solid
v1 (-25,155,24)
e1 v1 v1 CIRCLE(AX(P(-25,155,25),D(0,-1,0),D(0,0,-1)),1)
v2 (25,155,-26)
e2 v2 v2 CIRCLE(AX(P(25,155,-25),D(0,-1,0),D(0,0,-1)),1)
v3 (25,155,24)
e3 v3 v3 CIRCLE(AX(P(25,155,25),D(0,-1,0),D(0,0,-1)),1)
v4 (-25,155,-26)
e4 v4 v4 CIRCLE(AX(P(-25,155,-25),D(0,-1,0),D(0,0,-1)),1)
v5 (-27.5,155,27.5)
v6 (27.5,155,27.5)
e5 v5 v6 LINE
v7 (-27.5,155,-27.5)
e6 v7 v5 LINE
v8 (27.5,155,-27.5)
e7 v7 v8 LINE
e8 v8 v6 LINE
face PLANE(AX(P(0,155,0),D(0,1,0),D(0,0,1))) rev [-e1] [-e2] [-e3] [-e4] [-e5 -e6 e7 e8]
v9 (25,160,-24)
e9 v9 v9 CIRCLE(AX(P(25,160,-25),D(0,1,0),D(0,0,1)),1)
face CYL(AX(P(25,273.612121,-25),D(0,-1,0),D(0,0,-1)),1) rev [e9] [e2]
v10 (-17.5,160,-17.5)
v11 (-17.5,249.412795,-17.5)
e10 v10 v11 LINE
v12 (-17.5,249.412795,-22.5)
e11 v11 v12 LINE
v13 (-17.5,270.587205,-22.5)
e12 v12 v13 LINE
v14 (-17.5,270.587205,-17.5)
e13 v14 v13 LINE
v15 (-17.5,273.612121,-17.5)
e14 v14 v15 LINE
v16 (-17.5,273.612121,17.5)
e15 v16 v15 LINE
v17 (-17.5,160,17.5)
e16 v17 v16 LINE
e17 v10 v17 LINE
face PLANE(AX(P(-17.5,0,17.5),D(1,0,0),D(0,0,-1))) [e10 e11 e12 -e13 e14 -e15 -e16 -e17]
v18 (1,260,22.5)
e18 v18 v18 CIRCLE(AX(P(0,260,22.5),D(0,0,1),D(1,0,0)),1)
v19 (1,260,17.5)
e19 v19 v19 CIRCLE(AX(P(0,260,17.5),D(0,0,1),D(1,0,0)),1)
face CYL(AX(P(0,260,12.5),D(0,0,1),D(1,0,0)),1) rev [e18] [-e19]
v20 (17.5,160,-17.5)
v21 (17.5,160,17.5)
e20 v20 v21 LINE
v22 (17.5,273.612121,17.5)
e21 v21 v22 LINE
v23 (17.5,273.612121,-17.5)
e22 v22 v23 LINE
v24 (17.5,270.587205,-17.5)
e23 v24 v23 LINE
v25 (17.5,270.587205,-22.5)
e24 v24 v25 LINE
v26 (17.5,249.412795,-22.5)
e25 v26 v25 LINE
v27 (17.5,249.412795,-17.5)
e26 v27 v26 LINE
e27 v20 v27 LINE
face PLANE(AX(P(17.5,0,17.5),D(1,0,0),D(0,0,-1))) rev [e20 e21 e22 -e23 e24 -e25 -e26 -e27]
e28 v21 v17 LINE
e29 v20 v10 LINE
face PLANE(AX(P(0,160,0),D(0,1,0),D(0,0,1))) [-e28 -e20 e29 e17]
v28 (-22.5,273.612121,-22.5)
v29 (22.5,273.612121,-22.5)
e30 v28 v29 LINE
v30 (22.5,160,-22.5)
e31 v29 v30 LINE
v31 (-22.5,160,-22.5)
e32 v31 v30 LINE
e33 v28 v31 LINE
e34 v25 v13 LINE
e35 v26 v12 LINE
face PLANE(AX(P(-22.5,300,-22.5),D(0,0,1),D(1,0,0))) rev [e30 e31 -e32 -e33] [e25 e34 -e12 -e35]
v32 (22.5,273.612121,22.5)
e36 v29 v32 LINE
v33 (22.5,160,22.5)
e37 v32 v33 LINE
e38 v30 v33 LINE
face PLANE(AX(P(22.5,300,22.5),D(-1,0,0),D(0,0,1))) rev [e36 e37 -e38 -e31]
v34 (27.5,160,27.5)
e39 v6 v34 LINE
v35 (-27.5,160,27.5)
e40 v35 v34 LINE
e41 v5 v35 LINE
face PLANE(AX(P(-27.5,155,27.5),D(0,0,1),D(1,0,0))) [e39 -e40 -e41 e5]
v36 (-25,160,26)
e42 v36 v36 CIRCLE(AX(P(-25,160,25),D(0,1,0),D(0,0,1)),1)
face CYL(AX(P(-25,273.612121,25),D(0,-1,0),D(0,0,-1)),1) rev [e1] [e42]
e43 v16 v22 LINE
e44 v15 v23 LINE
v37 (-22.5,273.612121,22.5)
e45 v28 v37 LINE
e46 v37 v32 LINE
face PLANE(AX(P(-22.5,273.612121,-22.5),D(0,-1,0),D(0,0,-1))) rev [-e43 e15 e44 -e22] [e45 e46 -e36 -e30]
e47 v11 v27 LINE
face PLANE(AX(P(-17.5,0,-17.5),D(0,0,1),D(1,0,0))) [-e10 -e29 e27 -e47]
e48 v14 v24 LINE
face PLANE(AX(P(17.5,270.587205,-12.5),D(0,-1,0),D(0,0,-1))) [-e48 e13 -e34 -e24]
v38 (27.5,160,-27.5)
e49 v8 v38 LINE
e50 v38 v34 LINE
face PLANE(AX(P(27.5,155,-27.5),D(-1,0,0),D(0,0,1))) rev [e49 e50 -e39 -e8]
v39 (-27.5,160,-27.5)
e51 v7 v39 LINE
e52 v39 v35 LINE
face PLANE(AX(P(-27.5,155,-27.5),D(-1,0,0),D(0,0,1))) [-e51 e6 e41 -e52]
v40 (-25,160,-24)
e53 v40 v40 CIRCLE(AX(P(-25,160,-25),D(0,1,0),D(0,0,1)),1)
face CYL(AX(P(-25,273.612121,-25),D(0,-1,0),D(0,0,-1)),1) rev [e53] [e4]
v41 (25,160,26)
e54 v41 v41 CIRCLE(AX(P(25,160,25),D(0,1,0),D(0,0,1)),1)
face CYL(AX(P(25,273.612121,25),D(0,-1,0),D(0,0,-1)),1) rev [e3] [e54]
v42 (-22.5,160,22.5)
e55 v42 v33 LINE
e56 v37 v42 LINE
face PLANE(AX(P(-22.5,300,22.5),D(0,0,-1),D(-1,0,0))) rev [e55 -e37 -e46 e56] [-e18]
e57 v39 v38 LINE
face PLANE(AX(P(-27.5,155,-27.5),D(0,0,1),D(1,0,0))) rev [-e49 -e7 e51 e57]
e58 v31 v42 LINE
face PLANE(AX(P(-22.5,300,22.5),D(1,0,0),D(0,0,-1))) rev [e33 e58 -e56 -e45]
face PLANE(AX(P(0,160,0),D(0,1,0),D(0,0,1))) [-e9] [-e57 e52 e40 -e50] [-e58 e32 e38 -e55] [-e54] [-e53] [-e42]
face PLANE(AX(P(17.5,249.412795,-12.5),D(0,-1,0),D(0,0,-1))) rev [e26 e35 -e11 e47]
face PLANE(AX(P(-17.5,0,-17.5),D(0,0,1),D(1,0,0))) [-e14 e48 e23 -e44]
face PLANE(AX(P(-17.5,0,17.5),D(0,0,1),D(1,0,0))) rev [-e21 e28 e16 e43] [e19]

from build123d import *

# Parameters (mm, degrees)
CROQUIS1_W                 = 45
CROQUIS1_H                 = 45
SALIENTE_EXTRUIR1_DEPTH    = 300
CROQUIS4_W                 = 18
CROQUIS4_H                 = 34
CORTAR_EXTRUIR2_DEPTH      = 46
CROQUIS8_W                 = 35
CROQUIS8_H                 = 35
CORTAR_EXTRUIR3_DEPTH      = 301
CROQUIS9_W                 = 35
CROQUIS9_H                 = 21.174410022
CORTAR_EXTRUIR4_DEPTH      = 10
CROQUIS10_R                = 1
CORTAR_EXTRUIR5_DEPTH      = 10
CROQUIS11_W                = 45
CROQUIS11_H                = 26.387879272
CORTAR_EXTRUIR6_DEPTH      = 46
CROQUIS13_W                = 45
CROQUIS13_H                = 160
CORTAR_EXTRUIR7_DEPTH      = 23.5
CORTAR_EXTRUIR7_DEPTH_BACK = 23.5
CROQUIS14_W                = 55
CROQUIS14_H                = 55
SALIENTE_EXTRUIR2_DEPTH    = 5
CROQUIS16_R                = 1
CORTAR_EXTRUIR8_DEPTH      = 1
CORTAR_EXTRUIR8_DEPTH_BACK = 119.612120728


with BuildPart() as part:
    # Croquis1 → Saliente-Extruir1 (new body)
    with BuildSketch(Plane(origin=(0, 0, 0), x_dir=(1, 0, 0), z_dir=(0, 1, 0))):
        Rectangle(CROQUIS1_W, CROQUIS1_H)
    extrude(amount=SALIENTE_EXTRUIR1_DEPTH)

    # Croquis4 → Cortar-Extruir2 (cut, through all)
    with BuildSketch(Plane.ZY.offset(22.5)):
        with Locations((13.5, 17)):
            Rectangle(CROQUIS4_W, CROQUIS4_H)
    extrude(amount=-CORTAR_EXTRUIR2_DEPTH, mode=Mode.SUBTRACT)

    # Croquis8 → Cortar-Extruir3 (cut, through all)
    with BuildSketch(Plane(origin=(0, 300, 0), x_dir=(1, 0, 0), z_dir=(0, 1, 0))):
        Rectangle(CROQUIS8_W, CROQUIS8_H)
    extrude(amount=-CORTAR_EXTRUIR3_DEPTH, mode=Mode.SUBTRACT)

    # Croquis9 → Cortar-Extruir4 (cut)
    with BuildSketch(Plane(origin=(0, 0, -22.5), x_dir=(-1, 0, 0), z_dir=(0, 0, -1))):
        with Locations((0, 260)):
            Rectangle(CROQUIS9_W, CROQUIS9_H)
    extrude(amount=-CORTAR_EXTRUIR4_DEPTH, mode=Mode.SUBTRACT)

    # Croquis10 → Cortar-Extruir5 (cut)
    with BuildSketch(Plane.XY.offset(22.5)):
        with Locations((0, 260)):
            Circle(CROQUIS10_R)
    extrude(amount=-CORTAR_EXTRUIR5_DEPTH, mode=Mode.SUBTRACT)

    # Croquis11 → Cortar-Extruir6 (cut, through all)
    with BuildSketch(Plane.XY.offset(22.5)):
        with Locations((0, 286.806060364)):
            Rectangle(CROQUIS11_W, CROQUIS11_H)
    extrude(amount=-CORTAR_EXTRUIR6_DEPTH, mode=Mode.SUBTRACT)

    # Croquis13 → Cortar-Extruir7 (cut, two sides)
    with BuildSketch(Plane(origin=(0, 0, 0), x_dir=(0, 0, -1), z_dir=(1, 0, 0))) as cortar_extruir7_sk:
        with Locations((0, 80)):
            Rectangle(CROQUIS13_W, CROQUIS13_H)
    extrude(amount=CORTAR_EXTRUIR7_DEPTH, mode=Mode.SUBTRACT)
    extrude(cortar_extruir7_sk.sketch, amount=-CORTAR_EXTRUIR7_DEPTH_BACK, mode=Mode.SUBTRACT)

    # Croquis14 → Saliente-Extruir2 (add)
    with BuildSketch(Plane.XZ.offset(-160)):
        Rectangle(CROQUIS14_W, CROQUIS14_H)
    extrude(amount=SALIENTE_EXTRUIR2_DEPTH)

    # Croquis16 → Cortar-Extruir8 (cut, two sides)
    with BuildSketch(Plane.XZ.offset(-155)) as cortar_extruir8_sk:
        with Locations((25, 25)):
            Circle(CROQUIS16_R)
        with Locations((-25, 25)):
            Circle(CROQUIS16_R)
        with Locations((-25, -25)):
            Circle(CROQUIS16_R)
        with Locations((25, -25)):
            Circle(CROQUIS16_R)
    extrude(amount=CORTAR_EXTRUIR8_DEPTH, mode=Mode.SUBTRACT)
    extrude(cortar_extruir8_sk.sketch, amount=-CORTAR_EXTRUIR8_DEPTH_BACK, mode=Mode.SUBTRACT)


solid = part.part
